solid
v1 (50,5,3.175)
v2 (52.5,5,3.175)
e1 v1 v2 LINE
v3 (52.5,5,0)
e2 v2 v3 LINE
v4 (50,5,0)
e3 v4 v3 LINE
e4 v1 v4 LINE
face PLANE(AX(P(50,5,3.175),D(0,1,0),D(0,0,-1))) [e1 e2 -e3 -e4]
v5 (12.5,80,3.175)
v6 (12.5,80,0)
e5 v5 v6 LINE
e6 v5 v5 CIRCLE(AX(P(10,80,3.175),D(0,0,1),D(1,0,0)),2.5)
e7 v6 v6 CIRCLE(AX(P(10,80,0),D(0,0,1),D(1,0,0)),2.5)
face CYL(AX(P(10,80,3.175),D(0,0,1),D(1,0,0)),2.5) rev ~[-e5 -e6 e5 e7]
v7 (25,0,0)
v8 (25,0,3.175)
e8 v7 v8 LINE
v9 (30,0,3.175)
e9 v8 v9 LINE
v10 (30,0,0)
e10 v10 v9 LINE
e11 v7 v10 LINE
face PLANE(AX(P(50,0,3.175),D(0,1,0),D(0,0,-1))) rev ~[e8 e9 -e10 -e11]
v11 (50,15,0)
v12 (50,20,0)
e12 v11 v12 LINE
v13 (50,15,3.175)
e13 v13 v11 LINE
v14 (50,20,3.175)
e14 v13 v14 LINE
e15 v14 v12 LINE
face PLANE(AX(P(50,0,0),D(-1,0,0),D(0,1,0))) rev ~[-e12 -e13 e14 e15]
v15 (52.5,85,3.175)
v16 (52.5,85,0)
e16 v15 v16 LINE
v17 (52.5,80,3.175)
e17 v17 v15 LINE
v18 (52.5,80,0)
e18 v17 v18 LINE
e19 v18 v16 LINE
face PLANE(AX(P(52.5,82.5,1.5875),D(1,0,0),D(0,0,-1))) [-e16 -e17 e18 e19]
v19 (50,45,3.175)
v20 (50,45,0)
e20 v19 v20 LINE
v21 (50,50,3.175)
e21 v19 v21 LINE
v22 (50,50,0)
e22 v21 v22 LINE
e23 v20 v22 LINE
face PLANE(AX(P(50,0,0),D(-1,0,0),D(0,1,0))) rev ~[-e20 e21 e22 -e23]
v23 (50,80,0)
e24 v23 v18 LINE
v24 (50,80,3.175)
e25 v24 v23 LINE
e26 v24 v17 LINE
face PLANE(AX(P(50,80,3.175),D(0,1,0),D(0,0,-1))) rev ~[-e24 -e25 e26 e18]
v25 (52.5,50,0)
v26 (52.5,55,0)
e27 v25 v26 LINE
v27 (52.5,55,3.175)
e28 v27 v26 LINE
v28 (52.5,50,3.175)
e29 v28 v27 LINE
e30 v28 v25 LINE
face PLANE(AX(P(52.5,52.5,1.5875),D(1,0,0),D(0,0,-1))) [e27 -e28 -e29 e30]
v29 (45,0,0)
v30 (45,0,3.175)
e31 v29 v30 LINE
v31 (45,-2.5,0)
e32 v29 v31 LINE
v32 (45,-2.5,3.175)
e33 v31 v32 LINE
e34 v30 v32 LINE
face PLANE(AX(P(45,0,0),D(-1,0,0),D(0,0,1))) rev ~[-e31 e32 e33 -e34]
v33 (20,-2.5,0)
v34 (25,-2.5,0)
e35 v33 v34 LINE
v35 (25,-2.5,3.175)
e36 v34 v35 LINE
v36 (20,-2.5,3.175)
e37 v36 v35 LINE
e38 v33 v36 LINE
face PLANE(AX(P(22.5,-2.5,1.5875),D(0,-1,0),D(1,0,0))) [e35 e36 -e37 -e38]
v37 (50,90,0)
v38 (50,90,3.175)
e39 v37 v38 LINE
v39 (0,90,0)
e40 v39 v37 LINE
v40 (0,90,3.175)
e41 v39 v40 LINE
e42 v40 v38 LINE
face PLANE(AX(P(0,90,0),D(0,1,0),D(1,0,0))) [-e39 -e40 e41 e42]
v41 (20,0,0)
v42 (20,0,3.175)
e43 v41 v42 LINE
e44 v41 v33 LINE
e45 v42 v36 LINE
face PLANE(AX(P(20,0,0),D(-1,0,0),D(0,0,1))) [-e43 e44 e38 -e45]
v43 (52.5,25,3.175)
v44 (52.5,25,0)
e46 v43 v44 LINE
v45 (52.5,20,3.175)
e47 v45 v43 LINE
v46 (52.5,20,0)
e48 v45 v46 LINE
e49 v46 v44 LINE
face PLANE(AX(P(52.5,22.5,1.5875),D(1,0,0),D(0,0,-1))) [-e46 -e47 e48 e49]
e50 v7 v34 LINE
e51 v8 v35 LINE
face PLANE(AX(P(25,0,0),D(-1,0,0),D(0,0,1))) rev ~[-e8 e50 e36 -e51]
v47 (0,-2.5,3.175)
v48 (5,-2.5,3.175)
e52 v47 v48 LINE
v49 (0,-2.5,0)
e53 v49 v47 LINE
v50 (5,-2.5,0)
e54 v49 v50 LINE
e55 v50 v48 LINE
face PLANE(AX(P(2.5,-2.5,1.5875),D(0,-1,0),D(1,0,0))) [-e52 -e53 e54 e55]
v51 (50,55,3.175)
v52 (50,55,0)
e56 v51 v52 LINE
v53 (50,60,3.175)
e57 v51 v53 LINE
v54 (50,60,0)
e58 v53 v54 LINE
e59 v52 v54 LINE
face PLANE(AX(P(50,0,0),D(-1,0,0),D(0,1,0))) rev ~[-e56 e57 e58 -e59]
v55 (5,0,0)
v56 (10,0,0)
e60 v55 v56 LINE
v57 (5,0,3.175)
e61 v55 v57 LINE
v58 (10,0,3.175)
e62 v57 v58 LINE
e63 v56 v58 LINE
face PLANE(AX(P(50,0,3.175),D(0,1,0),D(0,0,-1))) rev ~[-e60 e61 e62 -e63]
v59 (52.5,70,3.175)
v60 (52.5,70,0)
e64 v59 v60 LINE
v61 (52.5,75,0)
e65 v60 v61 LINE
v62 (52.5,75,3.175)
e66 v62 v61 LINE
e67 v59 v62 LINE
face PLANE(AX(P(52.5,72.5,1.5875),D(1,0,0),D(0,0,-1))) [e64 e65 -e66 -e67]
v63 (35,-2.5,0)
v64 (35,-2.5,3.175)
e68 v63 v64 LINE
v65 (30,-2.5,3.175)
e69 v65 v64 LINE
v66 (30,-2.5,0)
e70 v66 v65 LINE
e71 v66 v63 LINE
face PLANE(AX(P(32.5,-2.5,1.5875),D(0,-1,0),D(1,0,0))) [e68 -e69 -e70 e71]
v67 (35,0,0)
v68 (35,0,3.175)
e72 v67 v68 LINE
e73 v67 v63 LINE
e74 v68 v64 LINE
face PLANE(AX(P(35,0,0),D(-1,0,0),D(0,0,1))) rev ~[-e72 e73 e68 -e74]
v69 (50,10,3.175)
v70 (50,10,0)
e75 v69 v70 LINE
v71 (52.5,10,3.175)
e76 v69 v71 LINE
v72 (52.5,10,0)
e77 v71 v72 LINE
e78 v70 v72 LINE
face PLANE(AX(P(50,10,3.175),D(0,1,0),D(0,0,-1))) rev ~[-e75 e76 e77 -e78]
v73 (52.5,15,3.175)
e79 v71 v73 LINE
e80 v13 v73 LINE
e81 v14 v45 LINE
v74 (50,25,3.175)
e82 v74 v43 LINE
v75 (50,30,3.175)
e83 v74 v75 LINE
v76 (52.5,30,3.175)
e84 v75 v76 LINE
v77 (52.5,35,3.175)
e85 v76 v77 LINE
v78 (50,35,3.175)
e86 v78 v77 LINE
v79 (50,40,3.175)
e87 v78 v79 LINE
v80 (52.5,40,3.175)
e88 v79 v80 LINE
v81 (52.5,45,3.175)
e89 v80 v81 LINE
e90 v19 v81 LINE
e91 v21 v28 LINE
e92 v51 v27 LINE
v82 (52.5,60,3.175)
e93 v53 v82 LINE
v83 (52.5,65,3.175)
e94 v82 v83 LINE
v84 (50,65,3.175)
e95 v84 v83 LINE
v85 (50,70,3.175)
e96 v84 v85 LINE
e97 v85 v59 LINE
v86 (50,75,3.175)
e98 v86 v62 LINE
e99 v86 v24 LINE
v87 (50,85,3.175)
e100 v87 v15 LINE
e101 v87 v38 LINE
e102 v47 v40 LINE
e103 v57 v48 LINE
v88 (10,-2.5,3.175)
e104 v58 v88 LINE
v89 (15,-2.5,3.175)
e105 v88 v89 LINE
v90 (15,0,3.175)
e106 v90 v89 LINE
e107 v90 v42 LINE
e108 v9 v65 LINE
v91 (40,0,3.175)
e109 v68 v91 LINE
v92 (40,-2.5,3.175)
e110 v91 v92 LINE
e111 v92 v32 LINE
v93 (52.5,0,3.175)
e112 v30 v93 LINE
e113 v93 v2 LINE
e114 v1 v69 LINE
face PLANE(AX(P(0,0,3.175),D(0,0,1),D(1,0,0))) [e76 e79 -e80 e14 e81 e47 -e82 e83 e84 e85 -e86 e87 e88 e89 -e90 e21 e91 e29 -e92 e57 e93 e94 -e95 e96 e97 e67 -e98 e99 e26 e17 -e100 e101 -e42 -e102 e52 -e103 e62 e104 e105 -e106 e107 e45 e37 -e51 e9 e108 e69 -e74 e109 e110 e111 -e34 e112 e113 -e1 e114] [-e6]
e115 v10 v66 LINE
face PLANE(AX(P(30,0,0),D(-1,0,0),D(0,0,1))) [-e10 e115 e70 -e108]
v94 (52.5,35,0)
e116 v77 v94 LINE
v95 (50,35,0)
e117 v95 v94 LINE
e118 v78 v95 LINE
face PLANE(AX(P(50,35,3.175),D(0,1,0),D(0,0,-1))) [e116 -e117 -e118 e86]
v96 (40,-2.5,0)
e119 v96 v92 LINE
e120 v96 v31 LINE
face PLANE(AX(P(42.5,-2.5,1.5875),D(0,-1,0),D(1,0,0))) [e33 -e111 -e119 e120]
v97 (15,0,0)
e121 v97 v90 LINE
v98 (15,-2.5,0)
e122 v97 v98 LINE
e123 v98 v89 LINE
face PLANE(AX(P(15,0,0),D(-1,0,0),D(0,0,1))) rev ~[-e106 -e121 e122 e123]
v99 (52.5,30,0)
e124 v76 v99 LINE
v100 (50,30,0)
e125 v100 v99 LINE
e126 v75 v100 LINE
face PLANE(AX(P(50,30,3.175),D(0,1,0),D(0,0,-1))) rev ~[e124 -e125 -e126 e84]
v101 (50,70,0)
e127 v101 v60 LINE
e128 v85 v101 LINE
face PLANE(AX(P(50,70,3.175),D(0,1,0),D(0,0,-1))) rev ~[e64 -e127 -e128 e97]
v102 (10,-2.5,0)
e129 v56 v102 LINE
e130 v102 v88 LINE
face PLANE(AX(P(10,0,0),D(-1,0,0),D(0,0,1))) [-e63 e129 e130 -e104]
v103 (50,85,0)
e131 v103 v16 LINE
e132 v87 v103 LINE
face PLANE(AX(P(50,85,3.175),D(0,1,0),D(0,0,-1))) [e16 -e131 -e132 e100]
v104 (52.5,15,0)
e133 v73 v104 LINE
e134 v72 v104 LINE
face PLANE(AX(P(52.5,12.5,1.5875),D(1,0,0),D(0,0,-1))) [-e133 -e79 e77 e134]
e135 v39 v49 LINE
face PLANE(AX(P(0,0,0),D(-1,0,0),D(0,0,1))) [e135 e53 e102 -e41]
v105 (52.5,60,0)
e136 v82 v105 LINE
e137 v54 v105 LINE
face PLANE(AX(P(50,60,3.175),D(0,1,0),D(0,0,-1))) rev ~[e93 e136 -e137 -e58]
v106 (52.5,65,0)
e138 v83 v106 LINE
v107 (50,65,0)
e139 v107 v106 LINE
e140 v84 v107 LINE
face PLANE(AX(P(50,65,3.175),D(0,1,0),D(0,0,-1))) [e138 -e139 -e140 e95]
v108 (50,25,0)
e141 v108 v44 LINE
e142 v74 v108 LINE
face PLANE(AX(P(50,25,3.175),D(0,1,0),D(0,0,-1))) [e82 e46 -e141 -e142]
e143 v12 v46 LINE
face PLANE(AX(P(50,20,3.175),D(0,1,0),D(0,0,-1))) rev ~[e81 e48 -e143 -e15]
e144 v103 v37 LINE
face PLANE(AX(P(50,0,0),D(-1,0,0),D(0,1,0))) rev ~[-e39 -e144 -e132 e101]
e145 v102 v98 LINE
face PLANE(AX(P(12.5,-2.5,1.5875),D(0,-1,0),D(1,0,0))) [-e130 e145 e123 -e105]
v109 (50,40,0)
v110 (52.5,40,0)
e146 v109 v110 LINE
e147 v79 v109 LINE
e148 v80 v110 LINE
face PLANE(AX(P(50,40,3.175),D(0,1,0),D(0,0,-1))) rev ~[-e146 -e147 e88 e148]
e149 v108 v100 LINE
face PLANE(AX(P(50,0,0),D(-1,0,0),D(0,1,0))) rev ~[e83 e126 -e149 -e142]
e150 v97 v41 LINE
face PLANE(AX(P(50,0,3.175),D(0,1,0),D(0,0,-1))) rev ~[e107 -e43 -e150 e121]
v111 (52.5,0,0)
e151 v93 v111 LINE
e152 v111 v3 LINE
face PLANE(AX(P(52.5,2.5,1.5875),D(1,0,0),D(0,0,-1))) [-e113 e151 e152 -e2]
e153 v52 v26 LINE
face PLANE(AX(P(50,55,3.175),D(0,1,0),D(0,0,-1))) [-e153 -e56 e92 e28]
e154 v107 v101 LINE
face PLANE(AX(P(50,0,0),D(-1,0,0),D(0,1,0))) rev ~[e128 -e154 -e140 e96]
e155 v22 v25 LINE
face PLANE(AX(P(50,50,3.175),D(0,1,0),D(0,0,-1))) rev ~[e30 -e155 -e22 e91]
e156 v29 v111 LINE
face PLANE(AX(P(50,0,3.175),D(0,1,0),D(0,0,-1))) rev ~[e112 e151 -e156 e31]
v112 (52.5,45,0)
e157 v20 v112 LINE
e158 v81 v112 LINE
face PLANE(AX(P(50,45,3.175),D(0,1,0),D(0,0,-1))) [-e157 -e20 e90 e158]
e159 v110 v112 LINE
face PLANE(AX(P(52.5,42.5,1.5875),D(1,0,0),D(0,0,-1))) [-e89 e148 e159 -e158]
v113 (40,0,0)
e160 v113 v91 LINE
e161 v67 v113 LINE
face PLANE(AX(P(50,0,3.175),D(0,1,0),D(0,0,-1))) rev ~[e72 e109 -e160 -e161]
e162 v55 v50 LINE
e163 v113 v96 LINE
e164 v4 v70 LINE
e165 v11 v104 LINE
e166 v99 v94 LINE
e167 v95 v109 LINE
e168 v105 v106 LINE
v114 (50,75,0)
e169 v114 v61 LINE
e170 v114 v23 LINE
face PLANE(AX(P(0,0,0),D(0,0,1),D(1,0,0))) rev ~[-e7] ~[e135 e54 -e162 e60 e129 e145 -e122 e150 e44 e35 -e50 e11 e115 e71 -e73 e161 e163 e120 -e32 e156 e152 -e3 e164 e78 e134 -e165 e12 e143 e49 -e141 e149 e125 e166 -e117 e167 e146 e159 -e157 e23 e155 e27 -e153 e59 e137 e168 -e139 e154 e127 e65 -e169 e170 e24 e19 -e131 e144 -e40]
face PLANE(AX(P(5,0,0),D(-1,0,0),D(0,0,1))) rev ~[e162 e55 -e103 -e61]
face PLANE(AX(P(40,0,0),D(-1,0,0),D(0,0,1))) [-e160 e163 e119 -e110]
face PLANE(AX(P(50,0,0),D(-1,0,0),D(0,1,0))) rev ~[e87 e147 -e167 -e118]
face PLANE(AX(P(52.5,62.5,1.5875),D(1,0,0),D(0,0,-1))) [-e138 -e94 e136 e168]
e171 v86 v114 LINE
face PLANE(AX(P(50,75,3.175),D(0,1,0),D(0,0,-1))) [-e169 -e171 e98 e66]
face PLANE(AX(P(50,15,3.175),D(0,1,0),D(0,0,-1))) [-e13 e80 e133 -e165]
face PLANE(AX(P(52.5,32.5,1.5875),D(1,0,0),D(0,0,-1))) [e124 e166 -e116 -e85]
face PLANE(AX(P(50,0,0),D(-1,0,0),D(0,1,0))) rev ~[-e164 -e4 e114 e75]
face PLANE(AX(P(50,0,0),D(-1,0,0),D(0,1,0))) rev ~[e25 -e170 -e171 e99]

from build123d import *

# Parameters (mm, degrees)
SKETCH1_W           = 50
SKETCH1_H           = 90
BOSS_EXTRUDE2_DEPTH = 3.175
SKETCH2_W           = 3.175
SKETCH2_H           = 5
BOSS_EXTRUDE3_DEPTH = 2.5
LPATTERN1_COUNT     = 9
LPATTERN1_PITCH     = 10
SKETCH3_W           = 5
SKETCH3_H           = 3.175
BOSS_EXTRUDE4_DEPTH = 2.5
LPATTERN2_COUNT     = 5
LPATTERN2_PITCH     = 10
SKETCH4_R           = 2.5
CUT_EXTRUDE1_DEPTH  = 10


with BuildPart() as part:
    # Sketch1 → Boss-Extrude2 (new body)
    with BuildSketch(Plane.XY):
        with Locations((25, 45)):
            Rectangle(SKETCH1_W, SKETCH1_H)
    extrude(amount=BOSS_EXTRUDE2_DEPTH)

    # Sketch2 → Boss-Extrude3 (add)
    with BuildSketch(Plane(origin=(50, 0, 0), x_dir=(0, 0, -1), z_dir=(1, 0, 0))):
        with Locations((-1.5875, 2.5)):
            Rectangle(SKETCH2_W, SKETCH2_H)
    boss_extrude3 = extrude(amount=BOSS_EXTRUDE3_DEPTH)

    # LPattern1: Boss-Extrude3 ×9
    with Locations(*[(0, i * LPATTERN1_PITCH, 0) for i in range(1, LPATTERN1_COUNT)]):
        add(boss_extrude3)

    # Sketch3 → Boss-Extrude4 (add)
    with BuildSketch(Plane.XZ):
        with Locations((2.5, 1.5875)):
            Rectangle(SKETCH3_W, SKETCH3_H)
    boss_extrude4 = extrude(amount=BOSS_EXTRUDE4_DEPTH)

    # LPattern2: Boss-Extrude4 ×5
    with Locations(*[(i * LPATTERN2_PITCH, 0, 0) for i in range(1, LPATTERN2_COUNT)]):
        add(boss_extrude4)

    # Sketch4 → Cut-Extrude1 (cut)
    with BuildSketch(Plane.XY.offset(3.175)):
        with Locations((10, 80)):
            Circle(SKETCH4_R)
    extrude(amount=-CUT_EXTRUDE1_DEPTH, mode=Mode.SUBTRACT)


solid = part.part
